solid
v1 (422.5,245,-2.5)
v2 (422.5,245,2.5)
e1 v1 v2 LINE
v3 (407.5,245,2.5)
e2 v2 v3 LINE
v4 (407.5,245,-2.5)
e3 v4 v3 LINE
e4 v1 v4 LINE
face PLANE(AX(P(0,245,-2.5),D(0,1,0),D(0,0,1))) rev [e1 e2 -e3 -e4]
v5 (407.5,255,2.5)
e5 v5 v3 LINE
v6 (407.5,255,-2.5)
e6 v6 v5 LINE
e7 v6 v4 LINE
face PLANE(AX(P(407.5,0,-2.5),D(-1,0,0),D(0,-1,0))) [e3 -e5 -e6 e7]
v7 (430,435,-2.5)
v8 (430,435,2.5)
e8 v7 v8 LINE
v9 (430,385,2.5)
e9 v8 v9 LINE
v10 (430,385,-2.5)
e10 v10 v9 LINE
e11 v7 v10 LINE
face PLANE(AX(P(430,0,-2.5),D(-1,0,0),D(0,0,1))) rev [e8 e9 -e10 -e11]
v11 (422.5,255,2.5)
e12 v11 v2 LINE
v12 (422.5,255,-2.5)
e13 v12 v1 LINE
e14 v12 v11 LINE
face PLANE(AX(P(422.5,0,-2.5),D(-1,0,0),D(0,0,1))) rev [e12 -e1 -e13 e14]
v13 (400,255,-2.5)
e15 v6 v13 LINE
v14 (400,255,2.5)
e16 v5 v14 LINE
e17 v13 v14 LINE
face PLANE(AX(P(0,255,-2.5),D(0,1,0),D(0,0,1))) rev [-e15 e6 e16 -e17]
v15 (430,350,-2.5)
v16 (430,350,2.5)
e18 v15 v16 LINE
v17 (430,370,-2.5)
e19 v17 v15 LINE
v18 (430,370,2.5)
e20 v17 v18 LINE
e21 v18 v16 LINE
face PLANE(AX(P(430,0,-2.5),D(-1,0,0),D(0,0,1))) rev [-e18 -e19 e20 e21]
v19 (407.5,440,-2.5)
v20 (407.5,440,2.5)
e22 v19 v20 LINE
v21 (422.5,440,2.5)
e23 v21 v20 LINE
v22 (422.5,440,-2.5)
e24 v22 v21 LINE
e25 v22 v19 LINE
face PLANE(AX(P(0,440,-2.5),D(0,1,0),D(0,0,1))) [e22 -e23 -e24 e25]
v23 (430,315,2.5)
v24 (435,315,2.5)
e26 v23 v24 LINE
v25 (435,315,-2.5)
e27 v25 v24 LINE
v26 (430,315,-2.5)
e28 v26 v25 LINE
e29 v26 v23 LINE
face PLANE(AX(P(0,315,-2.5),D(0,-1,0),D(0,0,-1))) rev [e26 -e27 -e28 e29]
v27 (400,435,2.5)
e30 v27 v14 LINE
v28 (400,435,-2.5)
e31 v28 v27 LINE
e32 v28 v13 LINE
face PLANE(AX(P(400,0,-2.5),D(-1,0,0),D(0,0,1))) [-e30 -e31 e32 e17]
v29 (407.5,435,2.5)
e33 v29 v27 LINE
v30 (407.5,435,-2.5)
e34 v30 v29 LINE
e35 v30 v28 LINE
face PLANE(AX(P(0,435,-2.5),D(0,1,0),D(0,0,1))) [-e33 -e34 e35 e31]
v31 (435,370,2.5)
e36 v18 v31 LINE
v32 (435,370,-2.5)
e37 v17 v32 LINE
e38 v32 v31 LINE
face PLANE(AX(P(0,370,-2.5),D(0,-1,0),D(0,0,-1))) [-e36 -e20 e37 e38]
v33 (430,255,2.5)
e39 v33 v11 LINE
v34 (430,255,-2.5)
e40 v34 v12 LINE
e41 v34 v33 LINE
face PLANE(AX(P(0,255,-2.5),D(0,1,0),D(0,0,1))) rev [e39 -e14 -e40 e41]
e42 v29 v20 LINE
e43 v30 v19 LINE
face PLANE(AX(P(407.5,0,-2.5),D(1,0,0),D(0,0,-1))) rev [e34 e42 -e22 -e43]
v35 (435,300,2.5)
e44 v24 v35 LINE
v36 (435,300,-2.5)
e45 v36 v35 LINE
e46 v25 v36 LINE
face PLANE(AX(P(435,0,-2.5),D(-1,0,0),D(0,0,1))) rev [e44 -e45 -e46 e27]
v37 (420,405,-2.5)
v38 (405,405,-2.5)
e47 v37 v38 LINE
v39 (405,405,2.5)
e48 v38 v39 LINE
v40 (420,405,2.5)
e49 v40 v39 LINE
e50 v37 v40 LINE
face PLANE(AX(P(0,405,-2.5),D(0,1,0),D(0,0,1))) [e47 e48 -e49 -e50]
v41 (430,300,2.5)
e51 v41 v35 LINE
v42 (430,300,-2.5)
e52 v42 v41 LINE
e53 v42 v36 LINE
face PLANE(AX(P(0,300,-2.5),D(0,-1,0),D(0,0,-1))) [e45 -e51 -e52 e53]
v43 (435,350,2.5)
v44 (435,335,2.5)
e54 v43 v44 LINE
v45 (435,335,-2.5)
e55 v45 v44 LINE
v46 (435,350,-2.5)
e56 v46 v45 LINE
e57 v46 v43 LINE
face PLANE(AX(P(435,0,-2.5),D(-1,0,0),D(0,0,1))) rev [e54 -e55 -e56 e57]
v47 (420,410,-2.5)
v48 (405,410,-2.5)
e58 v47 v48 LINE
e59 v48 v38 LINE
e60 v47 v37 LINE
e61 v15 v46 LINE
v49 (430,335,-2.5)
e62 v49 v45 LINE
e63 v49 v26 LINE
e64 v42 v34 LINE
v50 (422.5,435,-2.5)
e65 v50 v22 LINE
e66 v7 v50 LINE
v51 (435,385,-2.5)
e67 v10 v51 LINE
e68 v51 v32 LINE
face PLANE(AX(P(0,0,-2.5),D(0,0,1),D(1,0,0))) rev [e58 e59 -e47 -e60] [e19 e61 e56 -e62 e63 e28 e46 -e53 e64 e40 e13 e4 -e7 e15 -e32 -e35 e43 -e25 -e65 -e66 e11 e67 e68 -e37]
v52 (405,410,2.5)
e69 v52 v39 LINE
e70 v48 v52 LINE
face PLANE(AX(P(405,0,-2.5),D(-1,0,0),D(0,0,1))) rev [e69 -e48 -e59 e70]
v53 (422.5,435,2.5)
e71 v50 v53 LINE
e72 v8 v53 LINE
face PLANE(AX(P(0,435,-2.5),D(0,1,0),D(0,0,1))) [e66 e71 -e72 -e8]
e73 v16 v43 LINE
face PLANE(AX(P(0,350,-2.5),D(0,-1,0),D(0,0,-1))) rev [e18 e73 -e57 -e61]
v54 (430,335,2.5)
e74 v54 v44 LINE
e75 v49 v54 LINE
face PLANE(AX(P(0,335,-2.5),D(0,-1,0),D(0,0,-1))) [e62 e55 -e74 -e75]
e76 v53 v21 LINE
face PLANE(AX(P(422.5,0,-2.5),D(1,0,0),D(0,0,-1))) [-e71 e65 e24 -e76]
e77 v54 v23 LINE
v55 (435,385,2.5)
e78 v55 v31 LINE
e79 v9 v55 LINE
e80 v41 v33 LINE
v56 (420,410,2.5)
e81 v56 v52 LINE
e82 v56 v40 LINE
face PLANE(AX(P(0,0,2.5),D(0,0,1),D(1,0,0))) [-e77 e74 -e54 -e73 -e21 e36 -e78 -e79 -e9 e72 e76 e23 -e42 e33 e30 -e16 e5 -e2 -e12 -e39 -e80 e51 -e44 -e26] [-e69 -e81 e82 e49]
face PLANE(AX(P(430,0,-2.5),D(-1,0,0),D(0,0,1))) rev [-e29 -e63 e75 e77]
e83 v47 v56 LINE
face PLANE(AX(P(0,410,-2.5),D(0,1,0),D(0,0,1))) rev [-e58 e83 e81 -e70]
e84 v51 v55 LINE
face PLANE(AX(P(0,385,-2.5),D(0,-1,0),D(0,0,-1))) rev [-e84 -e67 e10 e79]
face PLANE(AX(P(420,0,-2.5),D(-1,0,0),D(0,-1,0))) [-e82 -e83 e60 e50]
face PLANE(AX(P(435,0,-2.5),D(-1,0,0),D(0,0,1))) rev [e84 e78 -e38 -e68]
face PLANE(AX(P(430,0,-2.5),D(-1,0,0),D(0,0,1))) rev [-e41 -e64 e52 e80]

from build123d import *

# Parameters (mm, degrees)
SKETCH1_W           = 15
SKETCH1_H           = 5
BOSS_EXTRUDE1_DEPTH = 2.5


with BuildPart() as part:
    # Sketch1 → Boss-Extrude1 (new, symmetric)
    with BuildSketch(Plane.XY):
        Polygon((430, 300), (430, 255), (422.5, 255), (422.5, 245), (407.5, 245), (407.5, 255), (400, 255), (400, 435), (407.5, 435), (407.5, 440), (422.5, 440), (422.5, 435), (430, 435), (430, 385), (435, 385), (435, 370), (430, 370), (430, 350), (435, 350), (435, 335), (430, 335), (430, 315), (435, 315), (435, 300), align=None)
        with Locations((412.5, 407.5)):
            Rectangle(SKETCH1_W, SKETCH1_H, mode=Mode.SUBTRACT)
    extrude(amount=BOSS_EXTRUDE1_DEPTH, both=True)


solid = part.part
